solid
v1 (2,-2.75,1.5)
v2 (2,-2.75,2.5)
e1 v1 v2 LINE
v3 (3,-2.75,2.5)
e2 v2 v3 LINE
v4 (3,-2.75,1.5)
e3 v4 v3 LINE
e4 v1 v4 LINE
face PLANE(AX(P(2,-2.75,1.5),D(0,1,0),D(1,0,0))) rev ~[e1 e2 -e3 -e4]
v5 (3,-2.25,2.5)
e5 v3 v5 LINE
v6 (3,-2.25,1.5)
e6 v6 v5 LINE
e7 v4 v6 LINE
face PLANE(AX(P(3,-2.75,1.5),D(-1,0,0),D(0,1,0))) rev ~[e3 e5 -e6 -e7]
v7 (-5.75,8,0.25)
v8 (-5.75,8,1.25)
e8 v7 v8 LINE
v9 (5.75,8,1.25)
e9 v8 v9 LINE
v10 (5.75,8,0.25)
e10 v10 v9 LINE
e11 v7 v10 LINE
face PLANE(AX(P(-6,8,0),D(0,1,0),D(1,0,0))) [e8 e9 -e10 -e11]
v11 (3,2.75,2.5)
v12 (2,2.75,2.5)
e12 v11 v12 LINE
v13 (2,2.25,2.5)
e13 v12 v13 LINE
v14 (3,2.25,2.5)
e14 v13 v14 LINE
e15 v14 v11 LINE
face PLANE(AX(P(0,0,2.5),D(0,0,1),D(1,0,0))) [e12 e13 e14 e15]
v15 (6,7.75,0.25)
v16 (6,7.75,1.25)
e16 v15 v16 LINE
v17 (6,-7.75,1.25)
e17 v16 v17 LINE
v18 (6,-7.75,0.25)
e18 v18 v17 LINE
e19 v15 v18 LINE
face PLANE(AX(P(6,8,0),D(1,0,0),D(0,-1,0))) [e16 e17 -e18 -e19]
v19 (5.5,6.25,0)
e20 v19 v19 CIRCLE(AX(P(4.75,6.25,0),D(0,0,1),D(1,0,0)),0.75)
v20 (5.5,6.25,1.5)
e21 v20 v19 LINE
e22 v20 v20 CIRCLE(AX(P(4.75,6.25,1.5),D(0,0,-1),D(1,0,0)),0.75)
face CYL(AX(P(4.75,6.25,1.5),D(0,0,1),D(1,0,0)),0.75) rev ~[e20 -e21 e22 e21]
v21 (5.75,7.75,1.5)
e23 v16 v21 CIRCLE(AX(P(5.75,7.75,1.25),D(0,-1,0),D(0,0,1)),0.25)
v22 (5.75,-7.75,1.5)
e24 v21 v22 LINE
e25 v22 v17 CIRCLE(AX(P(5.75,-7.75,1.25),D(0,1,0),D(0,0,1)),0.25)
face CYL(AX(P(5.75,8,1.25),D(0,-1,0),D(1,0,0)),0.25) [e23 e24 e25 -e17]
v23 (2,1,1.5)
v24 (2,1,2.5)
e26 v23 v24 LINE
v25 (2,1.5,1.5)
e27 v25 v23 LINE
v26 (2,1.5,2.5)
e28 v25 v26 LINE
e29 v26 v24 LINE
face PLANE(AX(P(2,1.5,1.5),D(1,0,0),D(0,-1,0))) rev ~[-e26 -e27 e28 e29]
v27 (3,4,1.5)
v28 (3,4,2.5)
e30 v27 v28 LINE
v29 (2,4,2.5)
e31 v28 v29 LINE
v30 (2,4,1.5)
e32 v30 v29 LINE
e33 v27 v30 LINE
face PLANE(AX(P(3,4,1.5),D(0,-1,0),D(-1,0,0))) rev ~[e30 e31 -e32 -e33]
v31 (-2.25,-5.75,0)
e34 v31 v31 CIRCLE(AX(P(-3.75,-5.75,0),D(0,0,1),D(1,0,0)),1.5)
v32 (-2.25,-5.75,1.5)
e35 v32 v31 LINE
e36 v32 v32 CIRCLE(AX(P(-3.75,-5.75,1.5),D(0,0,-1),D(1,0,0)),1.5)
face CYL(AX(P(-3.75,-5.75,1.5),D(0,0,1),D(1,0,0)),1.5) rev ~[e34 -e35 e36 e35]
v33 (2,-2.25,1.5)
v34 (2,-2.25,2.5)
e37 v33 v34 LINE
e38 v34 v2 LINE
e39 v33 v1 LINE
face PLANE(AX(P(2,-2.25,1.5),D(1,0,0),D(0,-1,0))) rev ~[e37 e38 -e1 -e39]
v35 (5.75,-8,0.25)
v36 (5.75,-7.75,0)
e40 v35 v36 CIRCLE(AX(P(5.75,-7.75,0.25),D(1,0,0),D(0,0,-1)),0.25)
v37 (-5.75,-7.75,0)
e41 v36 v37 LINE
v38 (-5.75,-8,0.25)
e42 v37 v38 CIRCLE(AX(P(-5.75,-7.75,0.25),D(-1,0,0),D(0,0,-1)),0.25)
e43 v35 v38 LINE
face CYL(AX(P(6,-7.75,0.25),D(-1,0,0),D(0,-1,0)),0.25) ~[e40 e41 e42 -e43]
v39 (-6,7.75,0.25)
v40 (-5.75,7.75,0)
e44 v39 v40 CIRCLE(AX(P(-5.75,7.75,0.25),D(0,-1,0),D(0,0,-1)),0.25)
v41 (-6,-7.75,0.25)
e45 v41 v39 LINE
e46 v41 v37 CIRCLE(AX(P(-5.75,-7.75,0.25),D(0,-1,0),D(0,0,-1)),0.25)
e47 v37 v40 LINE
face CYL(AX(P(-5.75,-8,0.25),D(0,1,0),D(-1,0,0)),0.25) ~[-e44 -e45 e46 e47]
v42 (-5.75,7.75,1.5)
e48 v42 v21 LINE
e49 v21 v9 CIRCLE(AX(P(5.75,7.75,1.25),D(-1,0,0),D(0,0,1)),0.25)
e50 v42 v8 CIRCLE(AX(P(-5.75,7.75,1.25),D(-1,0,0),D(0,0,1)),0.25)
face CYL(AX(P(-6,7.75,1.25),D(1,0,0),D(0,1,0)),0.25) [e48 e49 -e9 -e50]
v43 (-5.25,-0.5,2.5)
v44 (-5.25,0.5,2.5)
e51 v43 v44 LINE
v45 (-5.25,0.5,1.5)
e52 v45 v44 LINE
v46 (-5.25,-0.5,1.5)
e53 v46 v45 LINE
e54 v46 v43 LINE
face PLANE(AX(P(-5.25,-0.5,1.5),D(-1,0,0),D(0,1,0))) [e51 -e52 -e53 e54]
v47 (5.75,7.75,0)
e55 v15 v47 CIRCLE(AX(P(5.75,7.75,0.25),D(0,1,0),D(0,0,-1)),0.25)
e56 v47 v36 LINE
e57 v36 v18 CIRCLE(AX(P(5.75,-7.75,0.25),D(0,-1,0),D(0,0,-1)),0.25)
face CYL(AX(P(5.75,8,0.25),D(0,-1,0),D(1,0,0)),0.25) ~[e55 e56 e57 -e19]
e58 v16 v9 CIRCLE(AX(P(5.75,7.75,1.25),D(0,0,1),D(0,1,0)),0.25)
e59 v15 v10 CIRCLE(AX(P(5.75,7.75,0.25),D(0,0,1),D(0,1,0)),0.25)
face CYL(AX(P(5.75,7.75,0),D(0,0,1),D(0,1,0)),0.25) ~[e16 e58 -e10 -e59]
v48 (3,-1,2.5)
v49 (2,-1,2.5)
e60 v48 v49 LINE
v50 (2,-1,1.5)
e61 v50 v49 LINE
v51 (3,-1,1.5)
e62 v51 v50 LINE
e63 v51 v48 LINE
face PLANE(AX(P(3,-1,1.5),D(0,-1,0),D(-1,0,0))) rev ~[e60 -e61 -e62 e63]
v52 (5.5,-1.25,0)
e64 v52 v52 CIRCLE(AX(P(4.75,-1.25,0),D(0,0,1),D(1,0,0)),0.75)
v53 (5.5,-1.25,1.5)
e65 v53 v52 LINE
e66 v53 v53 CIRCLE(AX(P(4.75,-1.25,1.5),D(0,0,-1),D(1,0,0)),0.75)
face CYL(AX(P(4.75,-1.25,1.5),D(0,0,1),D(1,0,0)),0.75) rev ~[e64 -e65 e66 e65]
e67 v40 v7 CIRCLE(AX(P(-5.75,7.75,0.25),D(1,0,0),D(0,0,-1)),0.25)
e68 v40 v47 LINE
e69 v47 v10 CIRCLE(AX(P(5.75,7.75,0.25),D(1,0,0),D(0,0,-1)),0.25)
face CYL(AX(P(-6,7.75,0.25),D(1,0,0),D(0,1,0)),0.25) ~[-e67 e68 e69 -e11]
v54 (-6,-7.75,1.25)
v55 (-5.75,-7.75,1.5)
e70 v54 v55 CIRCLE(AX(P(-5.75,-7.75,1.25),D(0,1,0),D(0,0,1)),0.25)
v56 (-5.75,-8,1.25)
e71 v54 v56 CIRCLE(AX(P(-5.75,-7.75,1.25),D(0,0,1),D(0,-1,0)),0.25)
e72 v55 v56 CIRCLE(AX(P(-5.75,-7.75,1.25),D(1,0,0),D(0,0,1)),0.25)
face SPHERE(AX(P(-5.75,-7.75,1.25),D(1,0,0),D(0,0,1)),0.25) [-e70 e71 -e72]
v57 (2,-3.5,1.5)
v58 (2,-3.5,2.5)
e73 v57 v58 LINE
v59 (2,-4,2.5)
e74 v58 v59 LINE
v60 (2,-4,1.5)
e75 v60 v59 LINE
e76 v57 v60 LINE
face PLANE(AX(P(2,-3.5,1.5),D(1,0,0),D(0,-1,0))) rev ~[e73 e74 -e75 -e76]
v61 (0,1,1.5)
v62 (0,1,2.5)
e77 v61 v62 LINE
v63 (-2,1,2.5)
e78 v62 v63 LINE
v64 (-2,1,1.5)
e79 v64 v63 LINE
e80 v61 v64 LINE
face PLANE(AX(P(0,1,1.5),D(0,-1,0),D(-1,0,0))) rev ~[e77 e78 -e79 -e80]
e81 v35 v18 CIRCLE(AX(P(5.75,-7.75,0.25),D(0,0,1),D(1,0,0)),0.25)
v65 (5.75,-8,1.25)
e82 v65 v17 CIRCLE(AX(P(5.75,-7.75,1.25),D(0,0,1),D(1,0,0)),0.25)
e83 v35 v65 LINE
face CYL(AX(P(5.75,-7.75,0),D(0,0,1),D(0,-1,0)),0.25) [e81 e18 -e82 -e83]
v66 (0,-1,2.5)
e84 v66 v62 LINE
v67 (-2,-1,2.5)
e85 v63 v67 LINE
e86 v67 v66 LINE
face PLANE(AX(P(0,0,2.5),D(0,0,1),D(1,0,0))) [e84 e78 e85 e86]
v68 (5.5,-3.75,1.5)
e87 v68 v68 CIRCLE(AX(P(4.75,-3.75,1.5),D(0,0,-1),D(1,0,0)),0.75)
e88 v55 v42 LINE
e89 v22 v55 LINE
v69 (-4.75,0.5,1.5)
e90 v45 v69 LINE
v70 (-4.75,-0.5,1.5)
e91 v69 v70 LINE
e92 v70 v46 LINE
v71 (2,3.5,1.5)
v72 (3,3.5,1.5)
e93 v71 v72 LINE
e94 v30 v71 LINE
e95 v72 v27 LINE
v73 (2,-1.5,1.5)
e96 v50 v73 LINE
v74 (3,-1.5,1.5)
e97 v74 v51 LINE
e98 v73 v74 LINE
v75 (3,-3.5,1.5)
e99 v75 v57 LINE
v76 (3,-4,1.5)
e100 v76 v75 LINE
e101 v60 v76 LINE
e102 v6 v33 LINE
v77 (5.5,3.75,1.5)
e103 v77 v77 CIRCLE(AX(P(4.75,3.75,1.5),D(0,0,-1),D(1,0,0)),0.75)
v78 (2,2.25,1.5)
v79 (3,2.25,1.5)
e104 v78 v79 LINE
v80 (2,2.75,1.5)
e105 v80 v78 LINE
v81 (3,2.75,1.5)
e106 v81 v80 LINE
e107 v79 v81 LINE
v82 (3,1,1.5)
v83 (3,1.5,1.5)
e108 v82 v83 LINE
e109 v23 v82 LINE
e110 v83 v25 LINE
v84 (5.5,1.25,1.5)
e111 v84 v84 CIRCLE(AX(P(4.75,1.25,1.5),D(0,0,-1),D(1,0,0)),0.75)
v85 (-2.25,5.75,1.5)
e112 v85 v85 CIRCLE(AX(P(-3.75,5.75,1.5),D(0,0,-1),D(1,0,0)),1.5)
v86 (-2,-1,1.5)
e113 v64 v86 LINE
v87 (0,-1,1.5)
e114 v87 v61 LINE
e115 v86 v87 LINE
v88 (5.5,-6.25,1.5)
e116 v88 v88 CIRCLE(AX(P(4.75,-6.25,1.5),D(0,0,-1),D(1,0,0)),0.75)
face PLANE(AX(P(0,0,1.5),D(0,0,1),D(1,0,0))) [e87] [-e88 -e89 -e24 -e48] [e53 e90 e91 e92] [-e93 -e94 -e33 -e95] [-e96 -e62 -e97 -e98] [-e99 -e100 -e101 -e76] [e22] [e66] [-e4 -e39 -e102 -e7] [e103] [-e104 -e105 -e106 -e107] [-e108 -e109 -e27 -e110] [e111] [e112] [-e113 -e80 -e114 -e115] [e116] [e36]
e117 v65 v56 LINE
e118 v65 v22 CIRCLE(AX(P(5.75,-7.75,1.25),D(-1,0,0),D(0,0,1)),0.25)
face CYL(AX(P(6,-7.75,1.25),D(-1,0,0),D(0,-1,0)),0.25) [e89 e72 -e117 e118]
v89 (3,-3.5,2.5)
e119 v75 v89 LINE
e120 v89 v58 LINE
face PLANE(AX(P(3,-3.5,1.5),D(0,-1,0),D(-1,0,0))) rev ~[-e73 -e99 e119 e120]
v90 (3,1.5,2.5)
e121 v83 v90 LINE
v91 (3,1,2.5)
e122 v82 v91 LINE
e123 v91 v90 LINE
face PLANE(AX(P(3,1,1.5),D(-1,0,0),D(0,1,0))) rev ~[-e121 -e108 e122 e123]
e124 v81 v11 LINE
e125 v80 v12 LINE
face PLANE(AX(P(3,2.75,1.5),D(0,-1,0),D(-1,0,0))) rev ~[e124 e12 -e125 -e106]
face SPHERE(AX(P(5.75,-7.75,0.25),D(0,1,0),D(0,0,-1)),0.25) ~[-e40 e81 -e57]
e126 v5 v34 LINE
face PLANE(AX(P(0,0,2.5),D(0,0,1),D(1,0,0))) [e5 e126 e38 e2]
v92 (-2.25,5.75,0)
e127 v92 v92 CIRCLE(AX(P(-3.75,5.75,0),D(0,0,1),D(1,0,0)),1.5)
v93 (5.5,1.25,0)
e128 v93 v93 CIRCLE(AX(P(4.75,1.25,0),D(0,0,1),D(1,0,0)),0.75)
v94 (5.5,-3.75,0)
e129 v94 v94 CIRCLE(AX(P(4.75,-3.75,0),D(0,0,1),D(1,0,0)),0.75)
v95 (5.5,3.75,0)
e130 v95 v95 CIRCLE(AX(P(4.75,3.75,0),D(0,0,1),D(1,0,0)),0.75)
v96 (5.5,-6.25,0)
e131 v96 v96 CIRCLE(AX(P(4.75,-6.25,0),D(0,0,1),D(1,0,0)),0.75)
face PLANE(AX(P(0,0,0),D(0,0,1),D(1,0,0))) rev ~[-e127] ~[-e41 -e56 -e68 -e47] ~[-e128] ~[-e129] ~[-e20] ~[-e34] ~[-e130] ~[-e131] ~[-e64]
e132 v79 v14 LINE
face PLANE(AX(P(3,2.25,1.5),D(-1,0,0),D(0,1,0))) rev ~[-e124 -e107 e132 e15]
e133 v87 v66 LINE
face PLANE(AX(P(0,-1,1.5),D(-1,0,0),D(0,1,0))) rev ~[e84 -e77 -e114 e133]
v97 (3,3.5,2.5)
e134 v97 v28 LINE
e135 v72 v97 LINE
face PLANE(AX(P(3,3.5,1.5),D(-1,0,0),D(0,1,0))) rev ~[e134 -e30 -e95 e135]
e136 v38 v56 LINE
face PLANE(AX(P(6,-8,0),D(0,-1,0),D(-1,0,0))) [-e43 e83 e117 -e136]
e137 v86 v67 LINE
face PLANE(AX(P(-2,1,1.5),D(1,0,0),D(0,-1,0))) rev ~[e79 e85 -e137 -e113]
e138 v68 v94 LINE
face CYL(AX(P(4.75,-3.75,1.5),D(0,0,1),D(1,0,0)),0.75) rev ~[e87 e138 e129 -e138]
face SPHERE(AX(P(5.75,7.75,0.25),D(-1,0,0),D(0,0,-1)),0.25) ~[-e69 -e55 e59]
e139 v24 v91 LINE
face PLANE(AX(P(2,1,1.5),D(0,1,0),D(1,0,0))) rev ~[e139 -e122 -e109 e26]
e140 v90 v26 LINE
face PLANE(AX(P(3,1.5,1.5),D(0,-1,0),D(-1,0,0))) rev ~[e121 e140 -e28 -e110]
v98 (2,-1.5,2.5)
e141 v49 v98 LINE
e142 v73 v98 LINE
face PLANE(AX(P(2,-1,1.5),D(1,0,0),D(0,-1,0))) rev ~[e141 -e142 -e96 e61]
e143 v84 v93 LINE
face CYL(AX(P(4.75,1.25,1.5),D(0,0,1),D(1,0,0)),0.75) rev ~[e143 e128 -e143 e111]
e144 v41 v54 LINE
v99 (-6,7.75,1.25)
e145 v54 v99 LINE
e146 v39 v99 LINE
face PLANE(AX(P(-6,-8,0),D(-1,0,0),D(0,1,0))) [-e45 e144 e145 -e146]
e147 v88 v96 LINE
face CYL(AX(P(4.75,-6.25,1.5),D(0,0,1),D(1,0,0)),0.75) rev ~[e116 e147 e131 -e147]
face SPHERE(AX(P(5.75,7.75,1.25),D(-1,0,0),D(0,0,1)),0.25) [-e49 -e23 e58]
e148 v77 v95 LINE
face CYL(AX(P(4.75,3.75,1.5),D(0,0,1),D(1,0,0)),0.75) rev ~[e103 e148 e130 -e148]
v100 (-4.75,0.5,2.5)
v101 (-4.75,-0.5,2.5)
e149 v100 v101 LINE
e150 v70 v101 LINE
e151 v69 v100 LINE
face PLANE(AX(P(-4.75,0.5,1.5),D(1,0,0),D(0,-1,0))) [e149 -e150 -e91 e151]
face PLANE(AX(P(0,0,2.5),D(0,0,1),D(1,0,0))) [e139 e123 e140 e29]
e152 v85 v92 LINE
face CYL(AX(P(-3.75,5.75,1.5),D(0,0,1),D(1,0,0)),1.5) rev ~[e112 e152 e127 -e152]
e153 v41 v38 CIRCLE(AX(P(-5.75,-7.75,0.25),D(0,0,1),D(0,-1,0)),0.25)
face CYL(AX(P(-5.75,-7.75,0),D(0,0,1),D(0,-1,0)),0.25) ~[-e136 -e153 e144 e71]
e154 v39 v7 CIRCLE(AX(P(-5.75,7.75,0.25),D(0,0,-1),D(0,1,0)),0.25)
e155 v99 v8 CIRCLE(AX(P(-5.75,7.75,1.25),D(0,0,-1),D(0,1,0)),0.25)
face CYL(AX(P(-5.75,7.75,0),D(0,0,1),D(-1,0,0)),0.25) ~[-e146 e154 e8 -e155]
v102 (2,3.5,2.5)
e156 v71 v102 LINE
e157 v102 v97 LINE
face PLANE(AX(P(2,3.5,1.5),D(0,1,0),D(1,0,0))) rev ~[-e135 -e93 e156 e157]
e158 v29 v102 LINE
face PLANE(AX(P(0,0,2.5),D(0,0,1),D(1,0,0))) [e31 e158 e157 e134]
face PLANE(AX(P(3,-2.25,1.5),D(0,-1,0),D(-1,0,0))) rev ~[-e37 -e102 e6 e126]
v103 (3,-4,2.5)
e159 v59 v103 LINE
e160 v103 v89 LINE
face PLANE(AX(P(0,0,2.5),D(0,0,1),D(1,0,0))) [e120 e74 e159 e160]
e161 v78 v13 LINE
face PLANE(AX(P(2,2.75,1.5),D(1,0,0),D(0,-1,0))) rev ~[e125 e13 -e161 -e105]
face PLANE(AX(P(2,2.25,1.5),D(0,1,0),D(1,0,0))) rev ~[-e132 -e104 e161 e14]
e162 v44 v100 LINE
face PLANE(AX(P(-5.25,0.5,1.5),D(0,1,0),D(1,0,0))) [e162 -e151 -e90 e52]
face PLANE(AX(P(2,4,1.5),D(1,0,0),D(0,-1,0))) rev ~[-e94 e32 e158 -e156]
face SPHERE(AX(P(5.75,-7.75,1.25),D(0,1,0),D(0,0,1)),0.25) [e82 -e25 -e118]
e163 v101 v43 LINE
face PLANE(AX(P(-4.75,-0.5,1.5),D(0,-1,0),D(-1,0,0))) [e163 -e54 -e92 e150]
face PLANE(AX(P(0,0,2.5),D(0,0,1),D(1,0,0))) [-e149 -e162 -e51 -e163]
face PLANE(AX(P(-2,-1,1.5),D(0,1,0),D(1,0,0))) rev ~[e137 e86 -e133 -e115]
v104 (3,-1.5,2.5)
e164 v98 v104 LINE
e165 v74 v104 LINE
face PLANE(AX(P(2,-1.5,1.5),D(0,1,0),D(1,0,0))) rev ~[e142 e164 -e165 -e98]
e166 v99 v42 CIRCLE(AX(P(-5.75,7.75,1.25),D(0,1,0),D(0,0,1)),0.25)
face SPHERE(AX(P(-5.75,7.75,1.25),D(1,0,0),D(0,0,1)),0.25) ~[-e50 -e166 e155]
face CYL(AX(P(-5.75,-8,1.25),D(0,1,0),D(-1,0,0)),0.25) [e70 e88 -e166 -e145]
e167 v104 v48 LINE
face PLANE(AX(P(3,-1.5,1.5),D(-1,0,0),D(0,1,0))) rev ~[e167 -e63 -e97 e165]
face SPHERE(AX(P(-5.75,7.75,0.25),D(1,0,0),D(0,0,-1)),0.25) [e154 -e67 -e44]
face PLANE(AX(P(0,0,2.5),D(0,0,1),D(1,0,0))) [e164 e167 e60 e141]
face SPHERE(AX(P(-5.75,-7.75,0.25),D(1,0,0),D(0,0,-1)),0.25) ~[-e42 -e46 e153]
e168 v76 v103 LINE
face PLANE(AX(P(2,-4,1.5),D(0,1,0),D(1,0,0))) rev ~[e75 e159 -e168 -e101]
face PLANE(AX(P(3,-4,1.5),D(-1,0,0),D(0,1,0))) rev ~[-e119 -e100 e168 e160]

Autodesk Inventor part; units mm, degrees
ref_plane "YZ Plane" through (0, 0, 0) normal (1, 0, 0) x (0, 1, 0)
ref_plane "XZ Plane" through (0, 0, 0) normal (0, 1, 0) x (-1, 0, 0)
ref_plane "XY Plane" through (0, 0, 0) normal (0, 0, 1) x (1, 0, 0)
sketch "Szkic1" plane through (0, 0, 0) normal (0, 0, 1) x (1, 0, 0)
  point P0 (0, 0)
sketch "Szkic2" plane through (0, 0, 0) normal (0, 0, 1) x (1, 0, 0)
  line L0 (6, -8) -> (-6, -8)
  line L1 (-6, -8) -> (-6, 8)
  line L2 (-6, 8) -> (6, 8)
  line L3 (6, 8) -> (6, -8)
  line L4 (6, -8) -> (-6, 8) construction
  line L5 (-6, -8) -> (6, 8) construction
  point P0 (0, 0)
  dimension "d0" = 12
  dimension "d1" = 16
extrude "Wyciągnięcie proste1" add sketch "Szkic2" along normal blind 1.5
fillet "Zaokrąglenie1" radius 0.25 12 edges at (0, 8, 1.5) (0, 8, 0) (6, 0, 1.5) (6, 0, 0) (0, -8, 1.5) (0, -8, 0) (6, -8, 0.75) (6, 8, 0.75) (-6, 0, 1.5) (-6, 0, 0) (-6, -8, 0.75) (-6, 8, 0.75)
sketch "Szkic3" plane through (0, 0, 1.5) normal (0, 0, 1) x (1, 0, 0)
  line L0 (-5.75, -7.75) -> (-5.75, 7.75) projected
  line L1 (-5.75, -7.75) -> (-3.75, -7.75)
  line L2 (5.75, -7.75) -> (-5.75, -7.75) projected
  line L3 (-3.75, -7.75) -> (-3.75, -5.75)
  line L4 (-5.75, 7.75) -> (5.75, 7.75) projected
  line L5 (-5.75, 7.75) -> (-3.75, 7.75)
  line L6 (-3.75, 7.75) -> (-3.75, 5.75)
  line L7 (5.75, 7.75) -> (4.75, 7.75)
  line L8 (4.75, 7.75) -> (4.75, 6.25)
  line L9 (4.75, 6.25) -> (4.75, 3.75)
  line L10 (4.75, 3.75) -> (4.75, 1.25)
  line L11 (4.75, 1.25) -> (4.75, -1.25)
  line L12 (4.75, -1.25) -> (4.75, -3.75)
  line L13 (4.75, -3.75) -> (4.75, -6.25)
  circle A0 centre (-3.75, 5.75) radius 1.5
  circle A1 centre (-3.75, -5.75) radius 1.5
  circle A2 centre (4.75, -6.25) radius 0.5
  circle A3 centre (4.75, -3.75) radius 0.75
  circle A4 centre (4.75, -6.25) radius 0.75
  circle A5 centre (4.75, -1.25) radius 0.75
  circle A6 centre (4.75, 1.25) radius 0.75
  circle A7 centre (4.75, 3.75) radius 0.75
  circle A8 centre (4.75, 6.25) radius 0.75
  point P0 (0, 0)
  dimension "d5" = 2
  dimension "d6" = 2
  dimension "d7" = 2
  dimension "d8" = 2
  dimension "d9" = 1
  dimension "d10" = 1.5
  dimension "d11" = 2.5
  dimension "d12" = 2.5
  dimension "d13" = 2.5
  dimension "d14" = 2.5
  dimension "d15" = 2.5
  dimension "d17" = 3
  dimension "d18" = 3
  dimension "d19" = 1
  dimension "d20" = 1.5
  dimension "d21" = 1.5
  dimension "d22" = 1.5
  dimension "d23" = 1.5
  dimension "d24" = 1.5
  dimension "d25" = 1.5
extrude "Wyciągnięcie proste2" cut sketch "Szkic3" against normal blind 1.5 contours A2 | A4 | A3 L13 L12 | L12 L13 A3 | A5 L12 L11 | L11 L12 A5 | A6 L11 L10 | L10 L11 A6 | A7 L10 L9 | L9 L10 A7 | A8 L9 L8 | L8 L9 A8 | A0 | A1
sketch "Szkic4" plane through (0, 0, 1.5) normal (0, 0, 1) x (1, 0, 0)
  line L0 (3, -3.5) -> (2, -3.5)
  line L1 (2, -3.5) -> (2, -4)
  line L2 (2, -4) -> (3, -4)
  line L3 (3, -4) -> (3, -3.5)
  line L4 (3, -3.5) -> (2, -4) construction
  line L5 (2, -3.5) -> (3, -4) construction
  line L6 (3, -2.25) -> (2, -2.25)
  line L7 (2, -2.25) -> (2, -2.75)
  line L8 (2, -2.75) -> (3, -2.75)
  line L9 (3, -2.75) -> (3, -2.25)
  line L10 (3, -2.25) -> (2, -2.75) construction
  line L11 (2, -2.25) -> (3, -2.75) construction
  line L12 (3, -1) -> (2, -1)
  line L13 (2, -1) -> (2, -1.5)
  line L14 (2, -1.5) -> (3, -1.5)
  line L15 (3, -1.5) -> (3, -1)
  line L16 (3, -1) -> (2, -1.5) construction
  line L17 (2, -1) -> (3, -1.5) construction
  line L18 (3, 1.5) -> (2, 1.5)
  line L19 (2, 1.5) -> (2, 1)
  line L20 (2, 1) -> (3, 1)
  line L21 (3, 1) -> (3, 1.5)
  line L22 (3, 1.5) -> (2, 1) construction
  line L23 (2, 1.5) -> (3, 1) construction
  line L24 (3, 2.75) -> (2, 2.75)
  line L25 (2, 2.75) -> (2, 2.25)
  line L26 (2, 2.25) -> (3, 2.25)
  line L27 (3, 2.25) -> (3, 2.75)
  line L28 (3, 2.75) -> (2, 2.25) construction
  line L29 (2, 2.75) -> (3, 2.25) construction
  line L30 (3, 4) -> (2, 4)
  line L31 (2, 4) -> (2, 3.5)
  line L32 (2, 3.5) -> (3, 3.5)
  line L33 (3, 3.5) -> (3, 4)
  line L34 (3, 4) -> (2, 3.5) construction
  line L35 (2, 4) -> (3, 3.5) construction
  line L36 (-2, -1) -> (0, -1)
  line L37 (0, -1) -> (0, 1)
  line L38 (0, 1) -> (-2, 1)
  line L39 (-2, 1) -> (-2, -1)
  line L40 (-2, -1) -> (0, 1) construction
  line L41 (0, -1) -> (-2, 1) construction
  line L42 (-4.75, -0.5) -> (-5.25, -0.5)
  line L43 (-5.25, -0.5) -> (-5.25, 0.5)
  line L44 (-5.25, 0.5) -> (-4.75, 0.5)
  line L45 (-4.75, 0.5) -> (-4.75, -0.5)
  line L46 (-4.75, -0.5) -> (-5.25, 0.5) construction
  line L47 (-5.25, -0.5) -> (-4.75, 0.5) construction
  point P0 (0, 0)
  point P1 (2.5, -3.75)
  point P2 (2.5, -2.5)
  point P3 (2.5, -1.25)
  point P4 (2.5, 1.25)
  point P5 (2.5, 2.5)
  point P6 (2.5, 3.75)
  point P7 (-1, 0)
  point P8 (-5, 0)
  dimension "d28" = 1
  dimension "d29" = 0.5
  dimension "d30" = 1
extrude "Wyciągnięcie proste3" add sketch "Szkic4" along normal blind 1
properties part number "Czujnik BMP280"
